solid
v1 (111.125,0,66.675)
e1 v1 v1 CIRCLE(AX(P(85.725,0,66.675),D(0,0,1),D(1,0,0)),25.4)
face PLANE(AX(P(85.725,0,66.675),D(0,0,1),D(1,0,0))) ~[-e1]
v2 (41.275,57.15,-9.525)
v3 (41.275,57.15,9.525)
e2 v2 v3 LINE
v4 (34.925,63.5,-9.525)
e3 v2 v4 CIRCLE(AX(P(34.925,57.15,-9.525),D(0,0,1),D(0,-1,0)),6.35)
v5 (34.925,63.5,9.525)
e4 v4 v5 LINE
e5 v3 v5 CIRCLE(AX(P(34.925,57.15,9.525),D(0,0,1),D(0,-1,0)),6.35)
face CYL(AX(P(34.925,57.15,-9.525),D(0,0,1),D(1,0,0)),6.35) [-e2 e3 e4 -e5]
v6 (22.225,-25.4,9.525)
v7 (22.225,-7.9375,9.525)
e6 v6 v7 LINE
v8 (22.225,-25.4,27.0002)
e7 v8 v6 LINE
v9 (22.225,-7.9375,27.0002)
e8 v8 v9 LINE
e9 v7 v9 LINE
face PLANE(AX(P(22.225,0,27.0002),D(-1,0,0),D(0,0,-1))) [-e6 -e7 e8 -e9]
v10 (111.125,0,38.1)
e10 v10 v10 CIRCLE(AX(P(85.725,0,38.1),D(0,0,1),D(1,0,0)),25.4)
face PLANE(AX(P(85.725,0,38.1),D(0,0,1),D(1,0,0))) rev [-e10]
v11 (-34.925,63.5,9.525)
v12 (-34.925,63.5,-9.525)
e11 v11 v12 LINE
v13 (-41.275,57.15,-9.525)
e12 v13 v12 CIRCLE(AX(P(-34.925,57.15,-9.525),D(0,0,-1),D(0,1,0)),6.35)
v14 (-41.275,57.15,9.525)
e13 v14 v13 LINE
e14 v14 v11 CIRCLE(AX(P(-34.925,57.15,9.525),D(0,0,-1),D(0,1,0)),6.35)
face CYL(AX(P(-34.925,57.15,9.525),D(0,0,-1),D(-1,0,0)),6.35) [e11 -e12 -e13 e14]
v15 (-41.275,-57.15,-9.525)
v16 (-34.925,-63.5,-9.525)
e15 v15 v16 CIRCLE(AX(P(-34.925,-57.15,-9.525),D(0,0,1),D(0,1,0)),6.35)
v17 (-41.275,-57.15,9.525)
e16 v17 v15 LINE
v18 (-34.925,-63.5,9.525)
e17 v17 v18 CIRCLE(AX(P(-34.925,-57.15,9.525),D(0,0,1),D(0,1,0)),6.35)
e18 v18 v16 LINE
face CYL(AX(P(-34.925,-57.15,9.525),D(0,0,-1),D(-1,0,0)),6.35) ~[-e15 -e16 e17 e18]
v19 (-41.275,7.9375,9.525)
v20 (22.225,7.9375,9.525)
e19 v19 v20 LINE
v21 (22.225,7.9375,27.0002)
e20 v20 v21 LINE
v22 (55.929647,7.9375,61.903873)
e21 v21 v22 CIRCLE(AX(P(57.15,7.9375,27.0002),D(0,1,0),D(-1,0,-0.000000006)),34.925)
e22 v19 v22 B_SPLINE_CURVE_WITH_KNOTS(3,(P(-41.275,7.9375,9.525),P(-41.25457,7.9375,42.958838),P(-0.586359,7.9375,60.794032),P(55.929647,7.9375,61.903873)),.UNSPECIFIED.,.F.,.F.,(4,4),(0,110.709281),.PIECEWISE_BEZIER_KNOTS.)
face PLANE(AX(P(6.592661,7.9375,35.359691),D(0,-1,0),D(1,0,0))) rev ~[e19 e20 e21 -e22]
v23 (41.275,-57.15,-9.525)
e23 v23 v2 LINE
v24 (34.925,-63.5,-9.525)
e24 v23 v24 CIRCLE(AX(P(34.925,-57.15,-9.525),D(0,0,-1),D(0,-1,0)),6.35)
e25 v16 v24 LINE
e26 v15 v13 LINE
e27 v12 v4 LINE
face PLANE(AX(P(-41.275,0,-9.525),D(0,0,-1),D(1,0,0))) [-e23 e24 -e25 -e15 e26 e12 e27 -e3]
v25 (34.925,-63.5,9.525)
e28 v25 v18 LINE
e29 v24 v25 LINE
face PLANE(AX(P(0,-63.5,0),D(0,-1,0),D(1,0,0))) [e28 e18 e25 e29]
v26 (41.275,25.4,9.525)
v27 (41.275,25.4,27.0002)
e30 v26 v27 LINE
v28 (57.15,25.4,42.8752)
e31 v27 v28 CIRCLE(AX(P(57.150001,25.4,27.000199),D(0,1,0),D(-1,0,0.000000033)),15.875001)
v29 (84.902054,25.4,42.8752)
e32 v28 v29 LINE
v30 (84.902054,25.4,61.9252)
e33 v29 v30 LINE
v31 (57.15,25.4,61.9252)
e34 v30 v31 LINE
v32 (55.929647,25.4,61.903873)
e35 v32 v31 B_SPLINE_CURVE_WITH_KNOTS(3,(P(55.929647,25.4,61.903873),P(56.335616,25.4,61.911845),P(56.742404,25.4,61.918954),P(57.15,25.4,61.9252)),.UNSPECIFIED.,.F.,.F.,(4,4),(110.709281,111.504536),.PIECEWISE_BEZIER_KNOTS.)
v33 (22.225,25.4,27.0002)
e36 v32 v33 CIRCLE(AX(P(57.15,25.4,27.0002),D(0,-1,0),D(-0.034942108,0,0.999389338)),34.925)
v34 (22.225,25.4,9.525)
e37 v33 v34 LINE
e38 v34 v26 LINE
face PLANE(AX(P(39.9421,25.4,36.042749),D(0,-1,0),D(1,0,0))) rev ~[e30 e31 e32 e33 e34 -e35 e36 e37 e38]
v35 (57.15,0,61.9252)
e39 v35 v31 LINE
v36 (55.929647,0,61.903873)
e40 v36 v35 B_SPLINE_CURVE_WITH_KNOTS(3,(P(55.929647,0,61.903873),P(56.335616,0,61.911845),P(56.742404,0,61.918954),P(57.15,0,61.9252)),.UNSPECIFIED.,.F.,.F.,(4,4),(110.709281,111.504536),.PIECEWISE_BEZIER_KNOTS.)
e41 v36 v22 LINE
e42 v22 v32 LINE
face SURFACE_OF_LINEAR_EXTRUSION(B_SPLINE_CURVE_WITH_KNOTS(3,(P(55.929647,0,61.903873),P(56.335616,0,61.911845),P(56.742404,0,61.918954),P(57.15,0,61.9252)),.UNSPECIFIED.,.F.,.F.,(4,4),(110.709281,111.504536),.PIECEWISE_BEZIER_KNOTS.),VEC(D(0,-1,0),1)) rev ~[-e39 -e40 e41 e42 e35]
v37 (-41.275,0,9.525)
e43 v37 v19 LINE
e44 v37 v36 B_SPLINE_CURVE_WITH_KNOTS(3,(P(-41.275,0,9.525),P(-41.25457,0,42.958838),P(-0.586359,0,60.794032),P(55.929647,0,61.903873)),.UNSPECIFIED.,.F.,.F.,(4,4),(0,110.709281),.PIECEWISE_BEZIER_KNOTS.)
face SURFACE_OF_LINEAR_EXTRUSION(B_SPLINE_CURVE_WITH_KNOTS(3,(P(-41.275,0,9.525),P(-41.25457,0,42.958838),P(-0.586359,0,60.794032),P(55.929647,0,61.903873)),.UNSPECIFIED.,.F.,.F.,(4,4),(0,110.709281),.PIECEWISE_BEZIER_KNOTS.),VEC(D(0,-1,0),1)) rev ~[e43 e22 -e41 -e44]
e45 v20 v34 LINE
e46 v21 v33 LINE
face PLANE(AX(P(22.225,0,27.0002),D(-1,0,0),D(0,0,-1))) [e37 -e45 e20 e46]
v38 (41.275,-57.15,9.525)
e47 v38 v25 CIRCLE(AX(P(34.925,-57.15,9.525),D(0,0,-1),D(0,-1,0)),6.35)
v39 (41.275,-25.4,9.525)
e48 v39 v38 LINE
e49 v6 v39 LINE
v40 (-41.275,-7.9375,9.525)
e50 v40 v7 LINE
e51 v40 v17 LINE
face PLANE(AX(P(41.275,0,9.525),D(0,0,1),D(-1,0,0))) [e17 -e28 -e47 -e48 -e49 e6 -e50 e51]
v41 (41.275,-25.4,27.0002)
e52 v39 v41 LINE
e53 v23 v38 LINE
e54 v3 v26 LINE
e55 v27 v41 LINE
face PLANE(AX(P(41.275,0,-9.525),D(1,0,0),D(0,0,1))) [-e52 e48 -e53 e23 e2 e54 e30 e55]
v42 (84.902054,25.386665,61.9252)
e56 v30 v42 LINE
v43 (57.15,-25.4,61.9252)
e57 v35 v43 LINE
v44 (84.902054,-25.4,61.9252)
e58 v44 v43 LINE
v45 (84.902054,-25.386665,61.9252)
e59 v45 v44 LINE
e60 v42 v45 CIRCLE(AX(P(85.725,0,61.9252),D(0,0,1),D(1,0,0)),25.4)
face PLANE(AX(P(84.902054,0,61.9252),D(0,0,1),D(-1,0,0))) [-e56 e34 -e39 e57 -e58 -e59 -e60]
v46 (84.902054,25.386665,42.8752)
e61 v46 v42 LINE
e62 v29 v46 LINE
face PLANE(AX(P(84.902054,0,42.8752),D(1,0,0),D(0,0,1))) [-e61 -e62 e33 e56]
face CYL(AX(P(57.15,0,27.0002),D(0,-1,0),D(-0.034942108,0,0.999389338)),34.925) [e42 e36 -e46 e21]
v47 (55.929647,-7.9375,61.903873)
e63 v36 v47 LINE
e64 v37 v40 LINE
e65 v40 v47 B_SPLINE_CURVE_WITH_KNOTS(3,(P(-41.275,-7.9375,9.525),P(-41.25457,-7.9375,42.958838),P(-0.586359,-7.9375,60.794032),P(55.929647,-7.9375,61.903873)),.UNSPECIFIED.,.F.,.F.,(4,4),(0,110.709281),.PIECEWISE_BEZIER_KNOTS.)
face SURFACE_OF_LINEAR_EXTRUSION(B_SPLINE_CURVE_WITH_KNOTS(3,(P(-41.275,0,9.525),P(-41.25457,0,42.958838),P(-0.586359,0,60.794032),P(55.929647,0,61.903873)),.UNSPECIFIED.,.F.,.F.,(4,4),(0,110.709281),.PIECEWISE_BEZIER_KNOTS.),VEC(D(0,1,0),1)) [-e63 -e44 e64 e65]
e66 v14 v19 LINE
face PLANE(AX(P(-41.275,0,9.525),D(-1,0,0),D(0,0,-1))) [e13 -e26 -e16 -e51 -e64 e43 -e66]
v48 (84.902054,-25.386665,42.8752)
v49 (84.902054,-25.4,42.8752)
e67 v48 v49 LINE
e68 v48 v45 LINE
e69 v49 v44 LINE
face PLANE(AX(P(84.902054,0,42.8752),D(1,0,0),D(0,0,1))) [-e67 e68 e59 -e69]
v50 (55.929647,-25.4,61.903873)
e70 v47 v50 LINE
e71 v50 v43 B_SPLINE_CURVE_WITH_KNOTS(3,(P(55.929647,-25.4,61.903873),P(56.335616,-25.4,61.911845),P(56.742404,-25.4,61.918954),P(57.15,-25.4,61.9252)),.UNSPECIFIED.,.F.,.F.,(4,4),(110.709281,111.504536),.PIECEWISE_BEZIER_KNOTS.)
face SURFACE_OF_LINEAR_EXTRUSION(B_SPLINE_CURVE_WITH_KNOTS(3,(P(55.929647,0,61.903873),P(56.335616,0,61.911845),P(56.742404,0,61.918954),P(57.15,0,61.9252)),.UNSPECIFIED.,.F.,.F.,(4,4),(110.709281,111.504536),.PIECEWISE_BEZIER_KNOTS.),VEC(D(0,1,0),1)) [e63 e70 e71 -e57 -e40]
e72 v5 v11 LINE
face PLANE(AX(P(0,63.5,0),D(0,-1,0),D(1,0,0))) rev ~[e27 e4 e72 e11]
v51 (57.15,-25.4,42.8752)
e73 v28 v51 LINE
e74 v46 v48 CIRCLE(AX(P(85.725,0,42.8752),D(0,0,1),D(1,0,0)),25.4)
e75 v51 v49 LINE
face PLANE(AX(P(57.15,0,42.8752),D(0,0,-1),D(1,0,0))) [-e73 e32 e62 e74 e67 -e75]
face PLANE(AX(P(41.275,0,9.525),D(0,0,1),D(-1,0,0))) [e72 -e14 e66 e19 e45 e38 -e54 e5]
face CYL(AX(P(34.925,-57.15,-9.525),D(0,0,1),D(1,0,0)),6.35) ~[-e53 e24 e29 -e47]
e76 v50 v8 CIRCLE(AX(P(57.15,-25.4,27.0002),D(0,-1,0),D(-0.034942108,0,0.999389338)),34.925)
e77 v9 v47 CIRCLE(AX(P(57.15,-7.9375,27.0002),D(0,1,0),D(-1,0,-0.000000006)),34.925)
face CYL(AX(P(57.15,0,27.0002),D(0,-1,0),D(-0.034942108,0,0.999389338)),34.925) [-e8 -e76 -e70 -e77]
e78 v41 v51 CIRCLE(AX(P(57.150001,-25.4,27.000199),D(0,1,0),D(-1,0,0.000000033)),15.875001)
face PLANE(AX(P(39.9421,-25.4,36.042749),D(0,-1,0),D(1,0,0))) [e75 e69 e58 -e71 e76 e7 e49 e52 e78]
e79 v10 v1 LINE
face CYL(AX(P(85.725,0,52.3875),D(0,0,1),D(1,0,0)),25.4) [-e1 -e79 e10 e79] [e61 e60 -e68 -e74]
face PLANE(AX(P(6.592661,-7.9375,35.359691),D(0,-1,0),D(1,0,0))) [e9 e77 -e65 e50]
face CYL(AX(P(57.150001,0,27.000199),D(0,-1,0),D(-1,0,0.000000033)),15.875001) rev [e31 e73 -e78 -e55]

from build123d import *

# Parameters (mm, degrees)
F1_DEPTH = 63.5
F0_W     = 24.577054
F0_H     = 19.05
F2_DEPTH = 25.4
F3_DEPTH = 7.9375
F0_W_2   = 25.4
F0_H_2   = 28.575
F5_R     = 6.35


with BuildPart() as f1:
    # F0 (on Front) → F1 (new body, symmetric)
    with BuildSketch(Plane.XZ):
        Polygon((41.275, -9.525), (41.275, 9.525), (22.225, 9.525), (-41.275, 9.525), (-41.275, -9.525), align=None)
    extrude(amount=F1_DEPTH, both=True)

    # F0 (on Front) → F2 (join, symmetric)
    with BuildSketch(Plane.XZ):
        with BuildLine():
            Line((22.225, 9.525), (41.275, 9.525))
            Line((41.275, 9.525), (41.275, 27.0002))
            ThreePointArc((41.275, 27.0002), (45.92468, 38.22552), (57.15, 42.8752))
            Line((57.15, 42.8752), (60.325, 42.8752))
            Line((60.325, 42.8752), (60.325, 61.9252))
            Line((60.325, 61.9252), (57.15, 61.9252))
            add(Edge.make_bspline(
                [(55.929647, 61.903873), (56.335616, 61.911845), (56.742404, 61.918954), (57.15, 61.9252)],
                knots=[110.709281, 110.709281, 110.709281, 110.709281, 111.504536, 111.504536, 111.504536, 111.504536], degree=3))
            ThreePointArc((55.929647, 61.903873), (32.02654, 51.260608), (22.225, 27.0002))
            Line((22.225, 27.0002), (22.225, 9.525))
        make_face()
        with Locations((72.613527, 52.4002)):
            Rectangle(F0_W, F0_H)
    extrude(amount=F2_DEPTH, both=True)

    # F0 (on Front) → F3 (join, symmetric)
    with BuildSketch(Plane.XZ):
        with BuildLine():
            Line((-41.275, 9.525), (22.225, 9.525))
            Line((22.225, 9.525), (22.225, 27.0002))
            ThreePointArc((22.225, 27.0002), (32.02654, 51.260608), (55.929647, 61.903873))
            add(Edge.make_bspline(
                [(-41.275, 9.525), (-41.25457, 42.958838), (-0.586359, 60.794032), (55.929647, 61.903873)],
                knots=[0, 0, 0, 0, 110.709281, 110.709281, 110.709281, 110.709281], degree=3))
        make_face()
    extrude(amount=F3_DEPTH, both=True)

    # F0 (on Front) → F4 (revolve)
    with BuildSketch(Plane.XZ):
        with Locations((98.425, 52.3875)):
            Rectangle(F0_W_2, F0_H_2)
    revolve(axis=Axis((85.725, 0, 52.3875), (0, 0, 1)))

    # F5
    f5_edges = [f1.edges().sort_by_distance(p)[0] for p in [
        (-41.275, -63.5, 0),
        (41.275, -63.5, 0),
        (41.275, 63.5, 0),
        (-41.275, 63.5, 0),
    ]]
    fillet(f5_edges, radius=F5_R)


solid = f1.part
